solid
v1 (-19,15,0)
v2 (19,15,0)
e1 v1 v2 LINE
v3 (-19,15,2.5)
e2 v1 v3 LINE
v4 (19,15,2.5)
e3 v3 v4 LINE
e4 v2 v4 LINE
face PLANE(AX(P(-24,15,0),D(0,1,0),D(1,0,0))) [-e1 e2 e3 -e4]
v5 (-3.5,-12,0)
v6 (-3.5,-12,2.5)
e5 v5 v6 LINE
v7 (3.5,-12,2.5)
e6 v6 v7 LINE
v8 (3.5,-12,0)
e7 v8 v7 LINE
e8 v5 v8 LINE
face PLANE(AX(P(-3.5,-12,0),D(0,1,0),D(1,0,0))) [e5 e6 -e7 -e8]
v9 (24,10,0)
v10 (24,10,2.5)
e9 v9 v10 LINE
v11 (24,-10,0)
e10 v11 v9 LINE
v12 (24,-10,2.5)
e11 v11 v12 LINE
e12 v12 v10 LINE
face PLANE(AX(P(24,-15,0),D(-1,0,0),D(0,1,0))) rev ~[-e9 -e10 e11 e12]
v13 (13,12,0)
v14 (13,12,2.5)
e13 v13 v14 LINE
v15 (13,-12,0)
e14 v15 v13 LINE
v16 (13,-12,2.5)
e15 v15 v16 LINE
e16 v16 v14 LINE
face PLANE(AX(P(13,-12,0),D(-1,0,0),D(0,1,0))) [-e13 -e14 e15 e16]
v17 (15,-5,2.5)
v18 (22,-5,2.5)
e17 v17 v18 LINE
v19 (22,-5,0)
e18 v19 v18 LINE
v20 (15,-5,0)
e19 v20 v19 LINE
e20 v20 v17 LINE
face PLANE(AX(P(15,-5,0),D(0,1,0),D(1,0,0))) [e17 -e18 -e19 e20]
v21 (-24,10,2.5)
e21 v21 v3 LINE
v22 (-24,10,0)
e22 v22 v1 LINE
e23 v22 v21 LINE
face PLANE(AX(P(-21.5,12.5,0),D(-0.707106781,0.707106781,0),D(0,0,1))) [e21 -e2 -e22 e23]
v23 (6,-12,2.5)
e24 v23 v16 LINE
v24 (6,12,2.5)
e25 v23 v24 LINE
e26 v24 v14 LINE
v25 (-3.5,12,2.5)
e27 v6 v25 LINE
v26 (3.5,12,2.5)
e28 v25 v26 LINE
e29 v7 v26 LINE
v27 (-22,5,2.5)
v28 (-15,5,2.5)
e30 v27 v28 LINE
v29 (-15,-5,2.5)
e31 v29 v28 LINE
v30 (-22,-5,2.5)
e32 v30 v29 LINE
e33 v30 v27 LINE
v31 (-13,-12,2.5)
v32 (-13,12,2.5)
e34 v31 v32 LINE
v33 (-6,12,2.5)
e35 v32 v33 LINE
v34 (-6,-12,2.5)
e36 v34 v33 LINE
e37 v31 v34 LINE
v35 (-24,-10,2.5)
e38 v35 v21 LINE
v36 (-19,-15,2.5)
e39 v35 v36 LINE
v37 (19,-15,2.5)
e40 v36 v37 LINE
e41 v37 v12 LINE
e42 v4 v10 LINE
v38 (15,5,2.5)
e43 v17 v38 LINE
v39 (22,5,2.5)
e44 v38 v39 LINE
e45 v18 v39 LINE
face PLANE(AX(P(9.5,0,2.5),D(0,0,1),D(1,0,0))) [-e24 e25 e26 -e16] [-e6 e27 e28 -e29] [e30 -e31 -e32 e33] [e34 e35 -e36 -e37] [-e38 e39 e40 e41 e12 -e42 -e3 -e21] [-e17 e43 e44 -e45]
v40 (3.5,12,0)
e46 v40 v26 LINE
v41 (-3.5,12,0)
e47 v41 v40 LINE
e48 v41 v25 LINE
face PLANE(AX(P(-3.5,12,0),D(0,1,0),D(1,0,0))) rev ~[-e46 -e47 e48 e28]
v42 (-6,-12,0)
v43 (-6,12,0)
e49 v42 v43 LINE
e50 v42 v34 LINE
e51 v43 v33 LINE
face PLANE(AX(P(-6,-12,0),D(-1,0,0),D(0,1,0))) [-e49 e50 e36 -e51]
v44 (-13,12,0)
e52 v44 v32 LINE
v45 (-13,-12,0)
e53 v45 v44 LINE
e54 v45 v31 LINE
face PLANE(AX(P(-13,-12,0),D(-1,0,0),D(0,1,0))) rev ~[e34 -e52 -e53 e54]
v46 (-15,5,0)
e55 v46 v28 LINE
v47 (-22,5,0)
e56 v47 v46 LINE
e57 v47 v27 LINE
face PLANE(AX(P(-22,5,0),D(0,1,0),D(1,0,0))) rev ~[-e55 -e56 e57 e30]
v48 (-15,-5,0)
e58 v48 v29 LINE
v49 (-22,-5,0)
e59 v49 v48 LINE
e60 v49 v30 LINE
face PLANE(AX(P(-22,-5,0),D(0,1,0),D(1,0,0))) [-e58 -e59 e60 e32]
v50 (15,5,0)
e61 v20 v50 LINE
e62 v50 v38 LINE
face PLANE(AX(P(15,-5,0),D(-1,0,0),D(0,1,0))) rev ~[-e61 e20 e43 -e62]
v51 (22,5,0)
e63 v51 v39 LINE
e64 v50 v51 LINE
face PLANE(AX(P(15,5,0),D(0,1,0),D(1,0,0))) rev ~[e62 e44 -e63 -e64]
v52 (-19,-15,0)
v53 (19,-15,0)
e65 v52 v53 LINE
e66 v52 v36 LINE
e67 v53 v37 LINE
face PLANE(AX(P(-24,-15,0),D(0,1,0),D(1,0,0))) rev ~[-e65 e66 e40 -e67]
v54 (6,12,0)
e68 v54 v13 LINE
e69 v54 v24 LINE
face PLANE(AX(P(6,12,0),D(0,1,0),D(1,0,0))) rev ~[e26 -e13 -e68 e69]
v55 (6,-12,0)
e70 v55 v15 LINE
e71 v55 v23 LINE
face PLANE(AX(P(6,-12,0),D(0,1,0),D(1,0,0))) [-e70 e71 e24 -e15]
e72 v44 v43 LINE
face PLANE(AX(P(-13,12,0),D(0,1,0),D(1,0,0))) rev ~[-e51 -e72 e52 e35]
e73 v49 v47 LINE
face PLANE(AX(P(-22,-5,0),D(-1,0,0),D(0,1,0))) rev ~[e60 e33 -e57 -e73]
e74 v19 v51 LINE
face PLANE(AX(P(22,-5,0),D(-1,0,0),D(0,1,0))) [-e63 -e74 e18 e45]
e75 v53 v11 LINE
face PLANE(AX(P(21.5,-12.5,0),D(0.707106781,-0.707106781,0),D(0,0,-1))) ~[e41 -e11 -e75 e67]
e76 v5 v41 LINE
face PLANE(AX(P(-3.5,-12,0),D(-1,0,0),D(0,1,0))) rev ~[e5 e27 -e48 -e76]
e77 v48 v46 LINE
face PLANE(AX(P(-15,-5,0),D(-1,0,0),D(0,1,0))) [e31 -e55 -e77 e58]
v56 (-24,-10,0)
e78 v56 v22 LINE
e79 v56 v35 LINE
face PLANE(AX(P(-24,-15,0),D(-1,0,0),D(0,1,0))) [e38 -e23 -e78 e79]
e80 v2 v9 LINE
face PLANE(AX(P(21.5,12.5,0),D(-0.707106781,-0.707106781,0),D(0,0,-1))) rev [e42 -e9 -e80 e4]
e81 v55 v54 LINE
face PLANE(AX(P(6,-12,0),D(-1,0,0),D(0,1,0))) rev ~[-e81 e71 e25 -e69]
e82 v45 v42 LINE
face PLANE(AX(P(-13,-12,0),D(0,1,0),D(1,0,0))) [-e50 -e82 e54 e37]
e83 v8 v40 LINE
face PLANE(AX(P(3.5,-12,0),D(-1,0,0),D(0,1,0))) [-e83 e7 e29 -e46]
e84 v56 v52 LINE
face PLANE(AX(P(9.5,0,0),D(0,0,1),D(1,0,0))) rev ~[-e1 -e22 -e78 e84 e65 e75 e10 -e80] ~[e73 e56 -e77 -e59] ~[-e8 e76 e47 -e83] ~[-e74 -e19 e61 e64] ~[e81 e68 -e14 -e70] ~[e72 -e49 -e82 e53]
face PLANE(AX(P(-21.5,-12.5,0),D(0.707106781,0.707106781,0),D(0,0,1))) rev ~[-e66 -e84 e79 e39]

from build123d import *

# Parameters (mm, degrees)
F0_W     = 7
F0_H     = 24
F0_W_2   = 48
F0_H_2   = 30
F0_H_3   = 10
F1_DEPTH = 2.5
F2_DEPTH = 2.5
F3_SIZE2 = 5
F3_SIZE  = 5


with BuildPart() as f1:
    # F0 (on Top) → F1 (new body)
    with BuildSketch(Plane.XY):
        with Locations((9.5, 0)):
            Rectangle(F0_W, F0_H)
        Rectangle(F0_W_2, F0_H_2)
        with Locations((-18.5, 0)):
            Rectangle(F0_W, F0_H_3, mode=Mode.SUBTRACT)
        with Locations((-9.5, 0)):
            Rectangle(F0_W, F0_H, mode=Mode.SUBTRACT)
        Rectangle(F0_W, F0_H, mode=Mode.SUBTRACT)
        with Locations((9.5, 0)):
            Rectangle(F0_W, F0_H, mode=Mode.SUBTRACT)
        with Locations((18.5, 0)):
            Rectangle(F0_W, F0_H_3, mode=Mode.SUBTRACT)
        with Locations((-18.5, 0)):
            Rectangle(F0_W, F0_H_3)
        with Locations((-9.5, 0)):
            Rectangle(F0_W, F0_H)
        Rectangle(F0_W, F0_H)
        with Locations((18.5, 0)):
            Rectangle(F0_W, F0_H_3)
    extrude(amount=F1_DEPTH)

    # F0 (on Top) → F2 (cut)
    with BuildSketch(Plane.XY):
        with Locations((-18.5, 0)):
            Rectangle(F0_W, F0_H_3)
        with Locations((18.5, 0)):
            Rectangle(F0_W, F0_H_3)
        with Locations((-9.5, 0)):
            Rectangle(F0_W, F0_H)
        Rectangle(F0_W, F0_H)
        with Locations((9.5, 0)):
            Rectangle(F0_W, F0_H)
    extrude(amount=F2_DEPTH, mode=Mode.SUBTRACT)

    # F3
    f3_edges = [f1.edges().sort_by_distance(p)[0] for p in [
        (24, -15, 1.25),
        (24, 15, 1.25),
        (-24, 15, 1.25),
        (-24, -15, 1.25),
    ]]
    chamfer(f3_edges, length=F3_SIZE, length2=F3_SIZE2)


solid = f1.part
